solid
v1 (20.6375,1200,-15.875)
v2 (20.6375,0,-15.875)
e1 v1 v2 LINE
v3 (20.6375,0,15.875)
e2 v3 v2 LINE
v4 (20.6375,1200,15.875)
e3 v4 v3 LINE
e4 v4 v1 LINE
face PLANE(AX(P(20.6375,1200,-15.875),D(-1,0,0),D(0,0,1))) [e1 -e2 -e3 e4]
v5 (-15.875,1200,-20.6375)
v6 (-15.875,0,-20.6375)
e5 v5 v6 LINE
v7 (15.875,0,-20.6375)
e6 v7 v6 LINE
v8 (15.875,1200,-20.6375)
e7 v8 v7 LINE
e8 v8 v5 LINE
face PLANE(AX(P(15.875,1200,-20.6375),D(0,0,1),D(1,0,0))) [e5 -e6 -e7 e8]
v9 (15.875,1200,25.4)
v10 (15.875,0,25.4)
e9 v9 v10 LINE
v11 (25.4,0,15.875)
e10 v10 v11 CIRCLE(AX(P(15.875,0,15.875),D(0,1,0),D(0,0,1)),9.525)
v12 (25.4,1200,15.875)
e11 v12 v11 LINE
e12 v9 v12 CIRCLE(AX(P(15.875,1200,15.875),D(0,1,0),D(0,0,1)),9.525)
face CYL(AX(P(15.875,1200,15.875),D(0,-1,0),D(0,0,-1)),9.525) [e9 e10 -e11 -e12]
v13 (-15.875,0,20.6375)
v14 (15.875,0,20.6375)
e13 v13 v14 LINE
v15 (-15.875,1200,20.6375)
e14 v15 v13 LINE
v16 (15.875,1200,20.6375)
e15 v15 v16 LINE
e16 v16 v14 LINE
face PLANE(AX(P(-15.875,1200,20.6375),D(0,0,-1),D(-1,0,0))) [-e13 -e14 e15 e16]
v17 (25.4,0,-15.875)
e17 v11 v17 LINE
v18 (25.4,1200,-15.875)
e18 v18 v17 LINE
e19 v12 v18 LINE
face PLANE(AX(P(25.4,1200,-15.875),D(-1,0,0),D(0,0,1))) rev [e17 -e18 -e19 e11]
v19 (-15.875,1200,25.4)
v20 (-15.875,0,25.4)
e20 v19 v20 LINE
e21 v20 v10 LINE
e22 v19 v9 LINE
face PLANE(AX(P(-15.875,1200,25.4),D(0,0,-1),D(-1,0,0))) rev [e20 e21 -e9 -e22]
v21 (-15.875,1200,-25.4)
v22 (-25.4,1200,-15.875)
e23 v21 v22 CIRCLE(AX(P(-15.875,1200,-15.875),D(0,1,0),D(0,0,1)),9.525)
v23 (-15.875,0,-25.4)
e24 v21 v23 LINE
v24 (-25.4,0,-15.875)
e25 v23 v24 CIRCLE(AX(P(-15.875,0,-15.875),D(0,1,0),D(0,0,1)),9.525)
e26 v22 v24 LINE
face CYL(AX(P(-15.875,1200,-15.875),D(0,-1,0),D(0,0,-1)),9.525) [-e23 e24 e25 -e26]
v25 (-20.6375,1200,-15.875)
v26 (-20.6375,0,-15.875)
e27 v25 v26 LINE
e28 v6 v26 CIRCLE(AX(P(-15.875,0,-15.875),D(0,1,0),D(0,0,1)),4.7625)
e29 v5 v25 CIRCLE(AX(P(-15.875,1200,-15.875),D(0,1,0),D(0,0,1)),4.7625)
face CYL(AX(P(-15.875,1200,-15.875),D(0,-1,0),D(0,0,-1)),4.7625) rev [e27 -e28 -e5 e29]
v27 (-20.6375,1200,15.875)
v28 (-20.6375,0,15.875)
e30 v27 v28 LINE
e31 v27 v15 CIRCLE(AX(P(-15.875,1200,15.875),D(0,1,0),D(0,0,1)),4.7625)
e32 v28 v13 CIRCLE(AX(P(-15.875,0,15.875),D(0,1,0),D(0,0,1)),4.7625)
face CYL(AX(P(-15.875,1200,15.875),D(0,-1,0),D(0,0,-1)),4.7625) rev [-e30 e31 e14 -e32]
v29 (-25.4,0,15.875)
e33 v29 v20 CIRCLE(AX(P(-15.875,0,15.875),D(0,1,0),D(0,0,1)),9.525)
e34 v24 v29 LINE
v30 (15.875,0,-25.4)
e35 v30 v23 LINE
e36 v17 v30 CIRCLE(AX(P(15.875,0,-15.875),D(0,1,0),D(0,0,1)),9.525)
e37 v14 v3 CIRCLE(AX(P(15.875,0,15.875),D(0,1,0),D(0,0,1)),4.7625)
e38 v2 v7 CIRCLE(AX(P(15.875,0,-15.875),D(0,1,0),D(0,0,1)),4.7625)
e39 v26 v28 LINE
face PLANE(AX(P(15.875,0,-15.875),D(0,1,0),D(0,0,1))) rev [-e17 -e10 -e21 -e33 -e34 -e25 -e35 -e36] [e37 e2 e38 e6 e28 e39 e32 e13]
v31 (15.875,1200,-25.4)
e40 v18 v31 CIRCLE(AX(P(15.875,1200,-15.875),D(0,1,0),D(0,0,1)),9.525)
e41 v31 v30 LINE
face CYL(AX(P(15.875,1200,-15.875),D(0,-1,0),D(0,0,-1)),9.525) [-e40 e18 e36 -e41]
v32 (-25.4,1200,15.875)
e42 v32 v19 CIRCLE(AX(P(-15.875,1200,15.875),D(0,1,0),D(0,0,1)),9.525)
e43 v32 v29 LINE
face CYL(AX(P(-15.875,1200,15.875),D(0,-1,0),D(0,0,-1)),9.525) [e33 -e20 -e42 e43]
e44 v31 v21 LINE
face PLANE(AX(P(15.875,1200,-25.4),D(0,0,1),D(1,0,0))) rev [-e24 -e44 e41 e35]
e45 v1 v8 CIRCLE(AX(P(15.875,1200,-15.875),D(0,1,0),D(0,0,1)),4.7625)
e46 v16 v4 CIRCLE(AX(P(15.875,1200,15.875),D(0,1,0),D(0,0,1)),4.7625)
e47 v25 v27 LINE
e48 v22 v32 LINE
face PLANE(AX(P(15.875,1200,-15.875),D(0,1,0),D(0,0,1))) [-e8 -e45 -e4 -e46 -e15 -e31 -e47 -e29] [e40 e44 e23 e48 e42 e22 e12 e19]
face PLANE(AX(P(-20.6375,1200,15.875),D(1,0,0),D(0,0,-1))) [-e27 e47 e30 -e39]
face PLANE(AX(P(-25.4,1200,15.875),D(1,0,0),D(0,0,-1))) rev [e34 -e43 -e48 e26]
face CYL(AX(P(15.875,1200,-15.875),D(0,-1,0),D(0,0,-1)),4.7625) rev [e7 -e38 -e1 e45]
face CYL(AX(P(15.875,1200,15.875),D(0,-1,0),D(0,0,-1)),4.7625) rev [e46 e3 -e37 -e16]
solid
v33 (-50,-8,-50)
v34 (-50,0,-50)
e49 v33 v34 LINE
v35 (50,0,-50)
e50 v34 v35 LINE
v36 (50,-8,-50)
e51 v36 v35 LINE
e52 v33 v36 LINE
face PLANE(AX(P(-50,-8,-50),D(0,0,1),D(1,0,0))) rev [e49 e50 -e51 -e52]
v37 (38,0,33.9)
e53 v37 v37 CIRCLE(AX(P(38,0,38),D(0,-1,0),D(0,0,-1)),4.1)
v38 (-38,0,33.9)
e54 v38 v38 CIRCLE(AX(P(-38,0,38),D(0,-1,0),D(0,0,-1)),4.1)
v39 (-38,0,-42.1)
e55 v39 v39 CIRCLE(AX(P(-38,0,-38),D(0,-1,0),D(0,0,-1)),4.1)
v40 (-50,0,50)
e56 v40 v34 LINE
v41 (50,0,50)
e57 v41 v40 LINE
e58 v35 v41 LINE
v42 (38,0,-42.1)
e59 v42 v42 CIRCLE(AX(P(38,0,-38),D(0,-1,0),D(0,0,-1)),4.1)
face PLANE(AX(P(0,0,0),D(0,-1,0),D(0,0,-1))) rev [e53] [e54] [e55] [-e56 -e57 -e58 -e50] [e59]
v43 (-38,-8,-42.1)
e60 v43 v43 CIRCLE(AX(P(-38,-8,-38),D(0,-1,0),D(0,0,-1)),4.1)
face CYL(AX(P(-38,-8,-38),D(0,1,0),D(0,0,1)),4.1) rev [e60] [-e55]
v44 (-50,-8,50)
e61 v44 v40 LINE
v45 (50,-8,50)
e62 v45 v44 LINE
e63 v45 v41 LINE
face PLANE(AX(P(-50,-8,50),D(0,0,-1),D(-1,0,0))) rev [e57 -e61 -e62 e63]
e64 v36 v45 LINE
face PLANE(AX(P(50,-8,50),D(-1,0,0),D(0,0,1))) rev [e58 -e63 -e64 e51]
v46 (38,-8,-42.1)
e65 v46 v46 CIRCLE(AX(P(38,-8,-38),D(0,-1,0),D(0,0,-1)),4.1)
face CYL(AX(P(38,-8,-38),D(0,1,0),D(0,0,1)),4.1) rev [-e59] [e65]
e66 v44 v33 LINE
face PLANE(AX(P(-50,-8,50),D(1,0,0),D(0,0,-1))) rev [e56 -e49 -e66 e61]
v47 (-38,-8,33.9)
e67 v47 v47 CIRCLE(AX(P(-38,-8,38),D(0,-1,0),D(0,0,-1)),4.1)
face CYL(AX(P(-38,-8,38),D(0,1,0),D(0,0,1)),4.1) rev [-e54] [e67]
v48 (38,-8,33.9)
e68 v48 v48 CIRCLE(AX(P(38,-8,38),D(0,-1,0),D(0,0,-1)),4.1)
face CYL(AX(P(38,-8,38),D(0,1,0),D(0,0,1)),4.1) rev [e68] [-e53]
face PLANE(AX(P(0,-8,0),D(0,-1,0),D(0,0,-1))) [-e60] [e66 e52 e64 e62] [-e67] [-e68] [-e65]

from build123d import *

# Parameters (mm, degrees)
RURA_CIENKO_CIENNA_KWADRATOWA_TS2X2X0_18_DEPTH = 1200
SZKIC4_W                                       = 100
SZKIC4_H                                       = 100
SZKIC4_R                                       = 4.1
DODANIE_WYCI_GNI_CIE1_DEPTH                    = 8


with BuildPart() as part:
    # Sketch12 → Rura cienkościenna kwadratowa TS2X2X0.1875(1) (new body)
    with BuildSketch(Plane(origin=(0, 0, 0), x_dir=(1, 0, 0), z_dir=(0, 1, 0))):
        with BuildLine():
            Line((-15.875, -25.4), (15.875, -25.4))
            ThreePointArc((15.875, -25.4), (22.610192091, -22.610192091), (25.4, -15.875))
            Line((25.4, -15.875), (25.4, 15.875))
            ThreePointArc((25.4, 15.875), (22.610192091, 22.610192091), (15.875, 25.4))
            Line((15.875, 25.4), (-15.875, 25.4))
            ThreePointArc((-15.875, 25.4), (-22.610192091, 22.610192091), (-25.4, 15.875))
            Line((-25.4, 15.875), (-25.4, -15.875))
            ThreePointArc((-25.4, -15.875), (-22.610192091, -22.610192091), (-15.875, -25.4))
        make_face()
        with BuildLine():
            Line((-15.875, -20.6375), (15.875, -20.6375))
            ThreePointArc((15.875, -20.6375), (19.242596045, -19.242596045), (20.6375, -15.875))
            Line((20.6375, -15.875), (20.6375, 15.875))
            ThreePointArc((20.6375, 15.875), (19.242596045, 19.242596045), (15.875, 20.6375))
            Line((15.875, 20.6375), (-15.875, 20.6375))
            ThreePointArc((-15.875, 20.6375), (-19.242596045, 19.242596045), (-20.6375, 15.875))
            Line((-20.6375, 15.875), (-20.6375, -15.875))
            ThreePointArc((-20.6375, -15.875), (-19.242596045, -19.242596045), (-15.875, -20.6375))
        make_face(mode=Mode.SUBTRACT)
    extrude(amount=RURA_CIENKO_CIENNA_KWADRATOWA_TS2X2X0_18_DEPTH)


with BuildPart() as body_2:
    # Szkic4 → Dodanie-wyciągnięcie1 (new body)
    with BuildSketch(Plane(origin=(0, 0, 0), x_dir=(-1, 0, 0), z_dir=(0, -1, 0))):
        Rectangle(SZKIC4_W, SZKIC4_H)
        with Locations(Location((38, -38, 0), (0, 0, 90))):
            Circle(SZKIC4_R, mode=Mode.SUBTRACT)
        with Locations(Location((-38, -38, 0), (0, 0, 90))):
            Circle(SZKIC4_R, mode=Mode.SUBTRACT)
        with Locations(Location((-38, 38, 0), (0, 0, 90))):
            Circle(SZKIC4_R, mode=Mode.SUBTRACT)
        with Locations(Location((38, 38, 0), (0, 0, 90))):
            Circle(SZKIC4_R, mode=Mode.SUBTRACT)
    extrude(amount=DODANIE_WYCI_GNI_CIE1_DEPTH)


solid = Compound([part.part, body_2.part])
